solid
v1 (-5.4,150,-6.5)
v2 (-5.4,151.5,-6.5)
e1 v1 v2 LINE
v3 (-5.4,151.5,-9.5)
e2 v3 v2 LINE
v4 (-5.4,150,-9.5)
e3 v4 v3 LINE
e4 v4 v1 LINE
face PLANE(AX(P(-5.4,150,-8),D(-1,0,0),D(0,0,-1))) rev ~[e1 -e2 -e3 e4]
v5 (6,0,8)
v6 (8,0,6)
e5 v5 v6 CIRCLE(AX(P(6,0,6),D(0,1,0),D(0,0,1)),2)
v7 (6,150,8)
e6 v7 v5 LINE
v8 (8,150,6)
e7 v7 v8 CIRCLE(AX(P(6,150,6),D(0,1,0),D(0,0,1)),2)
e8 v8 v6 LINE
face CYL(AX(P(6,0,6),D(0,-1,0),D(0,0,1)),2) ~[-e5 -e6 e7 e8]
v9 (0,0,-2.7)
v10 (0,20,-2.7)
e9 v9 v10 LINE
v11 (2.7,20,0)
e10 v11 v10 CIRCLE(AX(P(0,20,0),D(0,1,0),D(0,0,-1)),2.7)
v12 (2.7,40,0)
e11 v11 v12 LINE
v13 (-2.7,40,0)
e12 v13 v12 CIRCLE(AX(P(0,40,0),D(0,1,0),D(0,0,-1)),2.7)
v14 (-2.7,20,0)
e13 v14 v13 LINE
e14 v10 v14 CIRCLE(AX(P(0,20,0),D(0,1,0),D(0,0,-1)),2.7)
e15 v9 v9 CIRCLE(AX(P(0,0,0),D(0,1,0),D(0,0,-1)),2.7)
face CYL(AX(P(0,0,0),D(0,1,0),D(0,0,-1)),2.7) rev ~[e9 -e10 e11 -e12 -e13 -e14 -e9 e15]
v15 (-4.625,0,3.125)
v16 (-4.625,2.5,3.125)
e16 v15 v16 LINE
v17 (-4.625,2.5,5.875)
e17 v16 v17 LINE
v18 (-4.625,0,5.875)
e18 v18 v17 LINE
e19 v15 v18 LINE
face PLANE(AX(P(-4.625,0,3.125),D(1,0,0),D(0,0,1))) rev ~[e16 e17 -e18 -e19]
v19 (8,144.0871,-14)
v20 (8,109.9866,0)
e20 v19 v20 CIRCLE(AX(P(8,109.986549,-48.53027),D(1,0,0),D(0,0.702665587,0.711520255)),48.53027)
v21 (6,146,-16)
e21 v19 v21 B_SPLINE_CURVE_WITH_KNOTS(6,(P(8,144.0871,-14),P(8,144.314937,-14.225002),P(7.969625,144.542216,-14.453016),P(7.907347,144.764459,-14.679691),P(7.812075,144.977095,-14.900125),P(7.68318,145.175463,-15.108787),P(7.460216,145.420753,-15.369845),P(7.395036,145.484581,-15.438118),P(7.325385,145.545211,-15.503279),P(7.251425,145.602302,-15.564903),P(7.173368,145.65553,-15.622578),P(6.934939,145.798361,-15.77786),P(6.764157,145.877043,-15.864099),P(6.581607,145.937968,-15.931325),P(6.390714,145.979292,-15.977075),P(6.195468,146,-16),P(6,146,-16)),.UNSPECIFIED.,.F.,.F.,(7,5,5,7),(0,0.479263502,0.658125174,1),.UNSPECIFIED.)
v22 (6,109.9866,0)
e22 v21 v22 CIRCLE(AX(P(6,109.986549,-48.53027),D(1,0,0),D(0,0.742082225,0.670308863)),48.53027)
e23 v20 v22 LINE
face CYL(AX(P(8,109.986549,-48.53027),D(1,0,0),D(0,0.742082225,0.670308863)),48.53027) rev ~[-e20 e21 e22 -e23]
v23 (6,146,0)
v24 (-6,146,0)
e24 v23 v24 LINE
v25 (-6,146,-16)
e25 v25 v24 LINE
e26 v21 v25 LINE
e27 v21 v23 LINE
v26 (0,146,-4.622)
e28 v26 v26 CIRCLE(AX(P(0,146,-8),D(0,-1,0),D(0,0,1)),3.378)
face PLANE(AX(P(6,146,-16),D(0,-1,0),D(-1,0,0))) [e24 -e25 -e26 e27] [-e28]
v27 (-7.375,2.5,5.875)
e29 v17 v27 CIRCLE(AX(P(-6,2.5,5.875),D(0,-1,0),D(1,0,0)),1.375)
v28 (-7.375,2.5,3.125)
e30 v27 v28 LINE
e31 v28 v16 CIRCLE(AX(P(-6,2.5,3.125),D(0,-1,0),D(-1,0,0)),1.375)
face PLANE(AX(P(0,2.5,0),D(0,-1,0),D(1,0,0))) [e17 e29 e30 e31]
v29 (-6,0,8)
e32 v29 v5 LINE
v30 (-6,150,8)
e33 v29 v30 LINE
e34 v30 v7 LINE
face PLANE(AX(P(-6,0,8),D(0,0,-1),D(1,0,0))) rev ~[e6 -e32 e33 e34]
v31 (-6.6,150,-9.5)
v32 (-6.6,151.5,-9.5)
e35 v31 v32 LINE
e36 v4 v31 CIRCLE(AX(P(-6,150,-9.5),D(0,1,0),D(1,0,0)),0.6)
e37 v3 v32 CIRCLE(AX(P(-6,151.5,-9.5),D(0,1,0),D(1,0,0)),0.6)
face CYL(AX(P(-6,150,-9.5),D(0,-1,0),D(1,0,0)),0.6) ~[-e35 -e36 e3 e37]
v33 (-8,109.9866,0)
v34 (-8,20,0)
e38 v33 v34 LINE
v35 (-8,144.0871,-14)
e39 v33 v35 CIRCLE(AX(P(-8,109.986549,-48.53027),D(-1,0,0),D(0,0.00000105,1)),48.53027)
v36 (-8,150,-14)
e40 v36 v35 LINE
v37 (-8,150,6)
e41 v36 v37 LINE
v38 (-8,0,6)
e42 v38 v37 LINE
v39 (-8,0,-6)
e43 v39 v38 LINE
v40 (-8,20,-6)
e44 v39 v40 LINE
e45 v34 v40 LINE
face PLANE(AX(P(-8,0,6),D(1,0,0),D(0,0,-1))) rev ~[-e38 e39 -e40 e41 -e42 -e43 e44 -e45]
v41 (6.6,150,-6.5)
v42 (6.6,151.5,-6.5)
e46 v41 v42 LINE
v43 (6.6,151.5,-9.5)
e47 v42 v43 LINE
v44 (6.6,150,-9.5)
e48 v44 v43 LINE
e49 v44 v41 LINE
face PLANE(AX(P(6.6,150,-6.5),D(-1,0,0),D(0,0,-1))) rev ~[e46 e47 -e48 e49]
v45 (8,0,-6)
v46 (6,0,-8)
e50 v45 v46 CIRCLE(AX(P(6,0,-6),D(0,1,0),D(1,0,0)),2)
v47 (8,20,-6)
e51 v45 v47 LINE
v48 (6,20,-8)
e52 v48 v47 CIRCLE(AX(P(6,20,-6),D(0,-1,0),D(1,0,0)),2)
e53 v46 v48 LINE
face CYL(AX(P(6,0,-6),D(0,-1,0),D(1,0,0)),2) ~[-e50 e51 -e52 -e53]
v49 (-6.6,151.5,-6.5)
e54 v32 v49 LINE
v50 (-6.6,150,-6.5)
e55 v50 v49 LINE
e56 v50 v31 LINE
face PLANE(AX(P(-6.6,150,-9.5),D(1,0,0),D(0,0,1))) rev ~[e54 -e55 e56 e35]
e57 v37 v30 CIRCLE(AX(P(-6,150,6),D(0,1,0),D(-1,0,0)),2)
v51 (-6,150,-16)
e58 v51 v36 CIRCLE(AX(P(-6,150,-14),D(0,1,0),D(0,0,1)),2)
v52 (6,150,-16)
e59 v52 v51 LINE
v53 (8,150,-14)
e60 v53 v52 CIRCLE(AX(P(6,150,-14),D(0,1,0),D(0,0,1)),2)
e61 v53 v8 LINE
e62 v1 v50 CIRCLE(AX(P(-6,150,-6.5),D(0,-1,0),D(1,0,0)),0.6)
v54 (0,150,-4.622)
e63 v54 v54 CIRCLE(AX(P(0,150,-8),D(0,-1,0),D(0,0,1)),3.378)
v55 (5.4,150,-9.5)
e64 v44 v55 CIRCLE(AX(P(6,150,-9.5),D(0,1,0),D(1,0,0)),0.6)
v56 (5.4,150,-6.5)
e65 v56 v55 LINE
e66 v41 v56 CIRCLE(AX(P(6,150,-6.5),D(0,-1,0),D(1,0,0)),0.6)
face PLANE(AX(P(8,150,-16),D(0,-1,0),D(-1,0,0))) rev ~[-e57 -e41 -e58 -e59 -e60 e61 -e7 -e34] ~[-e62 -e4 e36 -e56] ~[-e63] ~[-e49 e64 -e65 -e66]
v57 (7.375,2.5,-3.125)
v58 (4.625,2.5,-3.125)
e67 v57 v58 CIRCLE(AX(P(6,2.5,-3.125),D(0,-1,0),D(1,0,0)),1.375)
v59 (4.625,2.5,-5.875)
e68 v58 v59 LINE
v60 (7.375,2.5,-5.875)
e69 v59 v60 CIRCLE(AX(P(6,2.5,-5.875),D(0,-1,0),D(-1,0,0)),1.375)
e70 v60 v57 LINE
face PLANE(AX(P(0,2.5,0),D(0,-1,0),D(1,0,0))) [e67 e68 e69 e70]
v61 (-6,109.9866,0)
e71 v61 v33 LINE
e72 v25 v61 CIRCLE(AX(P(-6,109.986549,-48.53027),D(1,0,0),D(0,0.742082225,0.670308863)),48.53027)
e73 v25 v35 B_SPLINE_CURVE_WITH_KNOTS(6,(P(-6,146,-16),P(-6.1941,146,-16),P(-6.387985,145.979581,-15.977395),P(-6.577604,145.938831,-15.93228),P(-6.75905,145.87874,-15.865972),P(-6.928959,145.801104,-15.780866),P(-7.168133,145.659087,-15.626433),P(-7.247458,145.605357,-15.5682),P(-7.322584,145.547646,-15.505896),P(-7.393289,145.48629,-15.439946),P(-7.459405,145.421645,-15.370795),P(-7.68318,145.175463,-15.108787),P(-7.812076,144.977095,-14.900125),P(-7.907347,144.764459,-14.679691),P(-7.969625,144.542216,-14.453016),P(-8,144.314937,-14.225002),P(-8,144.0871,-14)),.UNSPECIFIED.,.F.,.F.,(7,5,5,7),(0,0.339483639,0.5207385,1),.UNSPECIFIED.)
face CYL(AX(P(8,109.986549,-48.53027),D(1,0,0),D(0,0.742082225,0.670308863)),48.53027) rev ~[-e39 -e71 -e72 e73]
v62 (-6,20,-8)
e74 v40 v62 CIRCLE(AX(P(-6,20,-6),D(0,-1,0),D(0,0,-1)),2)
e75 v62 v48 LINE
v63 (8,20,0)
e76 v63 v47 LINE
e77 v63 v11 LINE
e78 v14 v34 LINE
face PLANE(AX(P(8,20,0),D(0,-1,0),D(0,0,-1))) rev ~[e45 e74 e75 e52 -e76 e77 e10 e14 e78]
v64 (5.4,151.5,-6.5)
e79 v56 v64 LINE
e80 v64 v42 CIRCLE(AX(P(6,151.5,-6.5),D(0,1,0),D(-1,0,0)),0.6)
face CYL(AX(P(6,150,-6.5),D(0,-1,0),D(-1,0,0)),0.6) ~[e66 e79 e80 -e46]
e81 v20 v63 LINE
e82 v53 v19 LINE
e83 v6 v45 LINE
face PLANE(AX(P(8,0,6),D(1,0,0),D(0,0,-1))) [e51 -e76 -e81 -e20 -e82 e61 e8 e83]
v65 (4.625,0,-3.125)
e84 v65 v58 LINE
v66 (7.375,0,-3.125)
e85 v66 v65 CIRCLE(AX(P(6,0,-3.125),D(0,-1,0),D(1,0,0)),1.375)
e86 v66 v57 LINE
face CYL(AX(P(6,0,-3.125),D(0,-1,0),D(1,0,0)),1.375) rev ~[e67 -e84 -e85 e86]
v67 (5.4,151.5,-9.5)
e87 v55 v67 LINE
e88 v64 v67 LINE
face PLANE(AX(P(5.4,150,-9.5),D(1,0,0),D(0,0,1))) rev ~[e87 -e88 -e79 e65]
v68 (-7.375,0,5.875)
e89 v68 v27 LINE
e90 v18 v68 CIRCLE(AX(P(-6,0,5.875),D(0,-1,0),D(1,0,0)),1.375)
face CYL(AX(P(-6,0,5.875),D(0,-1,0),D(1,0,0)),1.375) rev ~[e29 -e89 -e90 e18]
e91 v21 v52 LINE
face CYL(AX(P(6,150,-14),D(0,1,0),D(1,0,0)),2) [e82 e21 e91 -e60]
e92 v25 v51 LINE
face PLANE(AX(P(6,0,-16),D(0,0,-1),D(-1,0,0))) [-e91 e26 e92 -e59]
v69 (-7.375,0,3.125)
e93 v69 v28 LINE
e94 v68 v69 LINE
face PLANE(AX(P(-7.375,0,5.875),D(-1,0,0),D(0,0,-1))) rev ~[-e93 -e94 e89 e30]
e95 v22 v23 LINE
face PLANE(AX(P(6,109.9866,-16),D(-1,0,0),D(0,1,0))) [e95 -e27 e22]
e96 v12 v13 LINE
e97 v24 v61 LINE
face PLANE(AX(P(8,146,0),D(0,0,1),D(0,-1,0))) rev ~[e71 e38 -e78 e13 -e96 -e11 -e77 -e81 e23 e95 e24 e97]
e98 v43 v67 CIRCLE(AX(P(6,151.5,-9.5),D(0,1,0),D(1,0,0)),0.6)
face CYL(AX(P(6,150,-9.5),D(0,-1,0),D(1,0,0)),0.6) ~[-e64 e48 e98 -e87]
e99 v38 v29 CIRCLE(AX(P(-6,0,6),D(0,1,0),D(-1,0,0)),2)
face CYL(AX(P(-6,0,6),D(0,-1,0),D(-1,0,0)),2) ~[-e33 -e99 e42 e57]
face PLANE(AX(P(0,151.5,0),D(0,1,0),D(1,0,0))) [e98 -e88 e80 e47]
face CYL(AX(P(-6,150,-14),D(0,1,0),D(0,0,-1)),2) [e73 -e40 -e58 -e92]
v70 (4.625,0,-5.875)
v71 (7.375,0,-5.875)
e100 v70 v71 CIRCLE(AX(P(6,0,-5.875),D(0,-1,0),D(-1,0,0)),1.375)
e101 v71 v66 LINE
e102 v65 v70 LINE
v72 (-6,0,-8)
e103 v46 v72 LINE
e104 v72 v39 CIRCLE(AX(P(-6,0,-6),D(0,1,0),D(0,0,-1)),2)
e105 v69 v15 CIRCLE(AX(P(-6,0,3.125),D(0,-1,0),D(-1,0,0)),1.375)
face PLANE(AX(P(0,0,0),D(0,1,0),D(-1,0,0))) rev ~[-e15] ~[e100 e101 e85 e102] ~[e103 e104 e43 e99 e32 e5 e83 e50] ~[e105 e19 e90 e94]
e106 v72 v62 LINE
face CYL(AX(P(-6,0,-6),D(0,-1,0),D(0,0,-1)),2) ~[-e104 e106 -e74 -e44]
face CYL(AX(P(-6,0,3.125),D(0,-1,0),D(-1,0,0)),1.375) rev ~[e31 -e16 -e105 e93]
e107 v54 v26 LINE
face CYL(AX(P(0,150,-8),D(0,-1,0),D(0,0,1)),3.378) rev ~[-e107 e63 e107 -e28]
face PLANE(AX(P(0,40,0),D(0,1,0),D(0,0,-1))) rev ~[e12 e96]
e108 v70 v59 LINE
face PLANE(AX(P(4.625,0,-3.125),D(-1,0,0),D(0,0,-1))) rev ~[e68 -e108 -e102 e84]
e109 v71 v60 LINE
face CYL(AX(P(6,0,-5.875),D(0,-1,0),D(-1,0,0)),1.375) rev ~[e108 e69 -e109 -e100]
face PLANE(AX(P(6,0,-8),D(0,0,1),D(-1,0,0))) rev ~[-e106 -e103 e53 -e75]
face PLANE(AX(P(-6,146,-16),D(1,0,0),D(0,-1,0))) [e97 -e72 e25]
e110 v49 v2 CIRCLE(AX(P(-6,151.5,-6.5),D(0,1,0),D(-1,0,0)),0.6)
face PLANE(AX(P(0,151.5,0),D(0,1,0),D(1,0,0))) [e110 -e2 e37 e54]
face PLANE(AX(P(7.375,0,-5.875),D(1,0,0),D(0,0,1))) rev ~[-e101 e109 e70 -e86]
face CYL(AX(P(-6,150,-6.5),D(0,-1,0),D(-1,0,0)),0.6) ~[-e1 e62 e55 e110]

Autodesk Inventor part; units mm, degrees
ref_plane "YZ Plane" through (0, 0, 0) normal (1, 0, 0) x (0, 1, 0)
ref_plane "XZ Plane" through (0, 0, 0) normal (0, 1, 0) x (-1, 0, 0)
sketch "Sketch1" plane through (0, 0, 0) normal (0, 1, 0) x (-1, 0, 0)
  line L0 (6, 8) -> (-6, 8)
  line L1 (-8, 6) -> (-8, -6)
  line L2 (-6, -8) -> (6, -8)
  line L3 (8, -6) -> (8, 6)
  arc A0 (8, 6) -> (6, 8) centre (6, 6) ccw
  arc A1 (-6, 8) -> (-8, 6) centre (-6, 6) ccw
  arc A2 (-8, -6) -> (-6, -8) centre (-6, -6) ccw
  arc A3 (6, -8) -> (8, -6) centre (6, -6) ccw
  point P0 (0, 0)
  point P1 (8, 8)
  point P2 (-8, 8)
  point P3 (8, -8)
  dimension "d0" = 16
  dimension "d1" = 16
  dimension "d2" = 8
  dimension "d3" = 8
  dimension "d4" = 2
extrude "Extrusion1" add sketch "Sketch1" along normal blind 150
sketch "Sketch2" plane through (0, 0, 0) normal (0, -1, 0) x (1, 0, 0)
  line L0 (-6, 5.875) -> (-6, 3.125) construction
  line L1 (-7.375, 5.875) -> (-7.375, 3.125)
  line L2 (-4.625, 3.125) -> (-4.625, 5.875)
  arc A0 (-4.625, 5.875) -> (-7.375, 5.875) centre (-6, 5.875) ccw
  arc A1 (-7.375, 3.125) -> (-4.625, 3.125) centre (-6, 3.125) ccw
  line L3 (6, -3.125) -> (6, -5.875) construction
  line L4 (4.625, -3.125) -> (4.625, -5.875)
  line L5 (7.375, -5.875) -> (7.375, -3.125)
  arc A2 (7.375, -3.125) -> (4.625, -3.125) centre (6, -3.125) ccw
  arc A3 (4.625, -5.875) -> (7.375, -5.875) centre (6, -5.875) ccw
  point P0 (0, 0)
  point P1 (0, 0)
  point P2 (-6, 4.5)
  point P3 (6, -4.5)
  dimension "d7" = 2.75
  dimension "d8" = 12
  dimension "d9" = 6
  dimension "d10" = 9
  dimension "d11" = 4.5
  dimension "d12" = 2.75
  dimension "d13" = 2.75
  dimension "d14" = 2.75
extrude "Extrusion2" cut sketch "Sketch2" against normal blind 2.5
sketch "Sketch3" plane through (0, 150, 0) normal (0, 1, 0) x (1, 0, 0)
  line L0 (-6, 9.5) -> (-6, 6.5) construction
  line L1 (-6.6, 9.5) -> (-6.6, 6.5)
  line L2 (-5.4, 6.5) -> (-5.4, 9.5)
  arc A0 (-5.4, 9.5) -> (-6.6, 9.5) centre (-6, 9.5) ccw
  arc A1 (-6.6, 6.5) -> (-5.4, 6.5) centre (-6, 6.5) ccw
  line L3 (6, 9.5) -> (6, 6.5) construction
  line L4 (5.4, 9.5) -> (5.4, 6.5)
  line L5 (6.6, 6.5) -> (6.6, 9.5)
  arc A2 (6.6, 9.5) -> (5.4, 9.5) centre (6, 9.5) ccw
  arc A3 (5.4, 6.5) -> (6.6, 6.5) centre (6, 6.5) ccw
  line L6 (-6, 8) -> (6, 8) construction
  line L7 (6, 8) -> (-6, 8) projected
  circle A4 centre (0, 0) radius 3.378 construction
  circle A5 centre (0, 8) radius 3.494
  dimension "d25" = 0.6
  dimension "d26" = 0.6
  dimension "d27" = 3
  dimension "d30" = 12
  dimension "d32" = 3
  dimension "d35" = 6
  dimension "d36" = 0
extrude "Extrusion3" add sketch "Sketch3" along normal blind 1.5 contours A0 L2 A1 L1 | L4 A2 L5 A3
ref_plane "Work Plane1" through (6, 0, -16) normal (0, 0, -1) x (-1, 0, 0)
sketch "Sketch4" plane through (6, 0, -16) normal (0, 0, -1) x (-1, 0, 0)
  line L0 (-2, 0) -> (-2, 150) projected
  line L1 (14, 0) -> (14, 150) projected
  line L2 (-2, 150) -> (14, 150)
  line L3 (14, 150) -> (14, 135)
  line L4 (14, 135) -> (-2, 135)
  line L5 (-2, 135) -> (-2, 150)
  point P0 (6, 0)
  dimension "d38" = 15
extrude "Extrusion4" add sketch "Sketch4" against normal blind 10
fillet "Fillet1" radius 2 2 edges at (8, 142.5, -16) (-8, 142.5, -16)
sketch "Sketch5" plane through (8, 0, 6) normal (1, 0, 0) x (0, 0, -1)
  line L0 (22, 135) -> (22, 150) projected
  line L1 (22, 146) -> (6, 146)
  line L2 (6, 146) -> (6, 20)
  line L3 (6, 20) -> (22, 20)
  line L4 (22, 20) -> (22, 146)
  line L5 (-2, 0) -> (-2, 150) projected
  line L6 (0, 150) -> (20, 150) projected
  point P0 (6, 0)
  dimension "d42" = 8
  dimension "d43" = 20
  dimension "d44" = 4
extrude "Extrusion5" cut sketch "Sketch5" against normal up to surface (16 mm away)
hole "Hole2" at (0, 150, -8) direction (0, -1, 0) diameter 6.756 depth 7 clearance for "Flat Head Machine Screw (82)" size "1/4" standard "Ansi Unified Screw Threads"
sketch "Sketch6" plane through (8, 0, 6) normal (1, 0, 0) x (0, 0, -1)
  line L0 (22, 146) -> (20, 146) projected
  arc A0 (22, 146) -> (6, 109.9866) centre (54.5302, 109.9866) ccw
  line L1 (20, 146) -> (6, 146) projected
  line L2 (6, 109.9866) -> (6, 146)
  line L3 (6, 146) -> (22, 146)
  point P0 (6, 0)
extrude "Extrusion6" add sketch "Sketch6" against normal up to surface (16 mm away)
sketch "Sketch7" plane through (0, 150, 0) normal (0, 1, 0) x (1, 0, 0)
  circle A0 centre (0, 8) radius 3.378 construction
  arc A1 (-6, 16) -> (-8, 14) centre (-6, 14) ccw projected
  line L0 (-8, 14) -> (-8, -6) projected
  arc A2 (-8, -6) -> (-6, -8) centre (-6, -6) ccw projected
  line L1 (-6, -8) -> (6, -8) projected
  arc A3 (6, -8) -> (8, -6) centre (6, -6) ccw projected
  line L2 (8, -6) -> (8, 14) projected
  arc A4 (8, 14) -> (6, 16) centre (6, 14) ccw projected
  line L3 (6, 16) -> (-6, 16) projected
  line L4 (6.6, 6.5) -> (6.6, 9.5) construction
  arc A5 (5.4, 6.5) -> (6.6, 6.5) centre (6, 6.5) ccw construction
  line L5 (5.4, 9.5) -> (5.4, 6.5) construction
  arc A6 (6.6, 9.5) -> (5.4, 9.5) centre (6, 9.5) ccw construction
  line L6 (-6.6, 9.5) -> (-6.6, 6.5) construction
  arc A7 (-5.4, 9.5) -> (-6.6, 9.5) centre (-6, 9.5) ccw construction
  line L7 (-5.4, 9.5) -> (-5.4, 6.5) construction
  arc A8 (-6.6, 6.5) -> (-5.4, 6.5) centre (-6, 6.5) ccw construction
  line L8 (-17.4625, -22.225) -> (15.875, -22.225)
  line L9 (15.875, -22.225) -> (15.875, 22.225)
  line L10 (15.875, 22.225) -> (-17.4625, 22.225)
  line L11 (-17.4625, 22.225) -> (-17.4625, -22.225)
  point P0 (0, 0)
extrude "Extrusion7" cut sketch "Sketch7" against normal blind 10
sketch "Sketch8" plane through (6, 0, -16) normal (0, 0, -1) x (-1, 0, 0)
  line L0 (0, 146) -> (12, 146) projected
  line L1 (14, 109.9866) -> (-2, 109.9866) projected
  line L2 (0, 146) -> (12, 146)
  line L3 (12, 146) -> (12, 109.9866)
  line L4 (12, 109.9866) -> (0, 109.9866)
  line L5 (0, 109.9866) -> (0, 146)
  line L6 (-2, 109.9866) -> (-2, 144.0871) projected
  line L7 (14, 109.9866) -> (14, 144.0871) projected
  point P0 (6, 0)
  dimension "d68" = 2
  dimension "d69" = 2
extrude "Extrusion8" cut sketch "Sketch8" against normal up to surface (16 mm away)
hole "Hole3" at (0, 0, 0) direction (0, 1, 0) diameter 5.4 depth 40
equation "\"d1\" = d0"
equation "\"d2\" = 0.5 * d0"
equation "\"d3\" = d2"
equation "\"d9\" = 0.5 * d8"
equation "\"d11\" = 0.5 * d10"
equation "\"d12\" = d7"
equation "\"d13\" = d7"
equation "\"d14\" = d7"
equation "\"d26\" = d25"
equation "\"d27\" = d32"
equation "\"d35\" = 0.5 * d30"
equation "\"d69\" = d68"
properties part number "Camera Mount 30mm"
